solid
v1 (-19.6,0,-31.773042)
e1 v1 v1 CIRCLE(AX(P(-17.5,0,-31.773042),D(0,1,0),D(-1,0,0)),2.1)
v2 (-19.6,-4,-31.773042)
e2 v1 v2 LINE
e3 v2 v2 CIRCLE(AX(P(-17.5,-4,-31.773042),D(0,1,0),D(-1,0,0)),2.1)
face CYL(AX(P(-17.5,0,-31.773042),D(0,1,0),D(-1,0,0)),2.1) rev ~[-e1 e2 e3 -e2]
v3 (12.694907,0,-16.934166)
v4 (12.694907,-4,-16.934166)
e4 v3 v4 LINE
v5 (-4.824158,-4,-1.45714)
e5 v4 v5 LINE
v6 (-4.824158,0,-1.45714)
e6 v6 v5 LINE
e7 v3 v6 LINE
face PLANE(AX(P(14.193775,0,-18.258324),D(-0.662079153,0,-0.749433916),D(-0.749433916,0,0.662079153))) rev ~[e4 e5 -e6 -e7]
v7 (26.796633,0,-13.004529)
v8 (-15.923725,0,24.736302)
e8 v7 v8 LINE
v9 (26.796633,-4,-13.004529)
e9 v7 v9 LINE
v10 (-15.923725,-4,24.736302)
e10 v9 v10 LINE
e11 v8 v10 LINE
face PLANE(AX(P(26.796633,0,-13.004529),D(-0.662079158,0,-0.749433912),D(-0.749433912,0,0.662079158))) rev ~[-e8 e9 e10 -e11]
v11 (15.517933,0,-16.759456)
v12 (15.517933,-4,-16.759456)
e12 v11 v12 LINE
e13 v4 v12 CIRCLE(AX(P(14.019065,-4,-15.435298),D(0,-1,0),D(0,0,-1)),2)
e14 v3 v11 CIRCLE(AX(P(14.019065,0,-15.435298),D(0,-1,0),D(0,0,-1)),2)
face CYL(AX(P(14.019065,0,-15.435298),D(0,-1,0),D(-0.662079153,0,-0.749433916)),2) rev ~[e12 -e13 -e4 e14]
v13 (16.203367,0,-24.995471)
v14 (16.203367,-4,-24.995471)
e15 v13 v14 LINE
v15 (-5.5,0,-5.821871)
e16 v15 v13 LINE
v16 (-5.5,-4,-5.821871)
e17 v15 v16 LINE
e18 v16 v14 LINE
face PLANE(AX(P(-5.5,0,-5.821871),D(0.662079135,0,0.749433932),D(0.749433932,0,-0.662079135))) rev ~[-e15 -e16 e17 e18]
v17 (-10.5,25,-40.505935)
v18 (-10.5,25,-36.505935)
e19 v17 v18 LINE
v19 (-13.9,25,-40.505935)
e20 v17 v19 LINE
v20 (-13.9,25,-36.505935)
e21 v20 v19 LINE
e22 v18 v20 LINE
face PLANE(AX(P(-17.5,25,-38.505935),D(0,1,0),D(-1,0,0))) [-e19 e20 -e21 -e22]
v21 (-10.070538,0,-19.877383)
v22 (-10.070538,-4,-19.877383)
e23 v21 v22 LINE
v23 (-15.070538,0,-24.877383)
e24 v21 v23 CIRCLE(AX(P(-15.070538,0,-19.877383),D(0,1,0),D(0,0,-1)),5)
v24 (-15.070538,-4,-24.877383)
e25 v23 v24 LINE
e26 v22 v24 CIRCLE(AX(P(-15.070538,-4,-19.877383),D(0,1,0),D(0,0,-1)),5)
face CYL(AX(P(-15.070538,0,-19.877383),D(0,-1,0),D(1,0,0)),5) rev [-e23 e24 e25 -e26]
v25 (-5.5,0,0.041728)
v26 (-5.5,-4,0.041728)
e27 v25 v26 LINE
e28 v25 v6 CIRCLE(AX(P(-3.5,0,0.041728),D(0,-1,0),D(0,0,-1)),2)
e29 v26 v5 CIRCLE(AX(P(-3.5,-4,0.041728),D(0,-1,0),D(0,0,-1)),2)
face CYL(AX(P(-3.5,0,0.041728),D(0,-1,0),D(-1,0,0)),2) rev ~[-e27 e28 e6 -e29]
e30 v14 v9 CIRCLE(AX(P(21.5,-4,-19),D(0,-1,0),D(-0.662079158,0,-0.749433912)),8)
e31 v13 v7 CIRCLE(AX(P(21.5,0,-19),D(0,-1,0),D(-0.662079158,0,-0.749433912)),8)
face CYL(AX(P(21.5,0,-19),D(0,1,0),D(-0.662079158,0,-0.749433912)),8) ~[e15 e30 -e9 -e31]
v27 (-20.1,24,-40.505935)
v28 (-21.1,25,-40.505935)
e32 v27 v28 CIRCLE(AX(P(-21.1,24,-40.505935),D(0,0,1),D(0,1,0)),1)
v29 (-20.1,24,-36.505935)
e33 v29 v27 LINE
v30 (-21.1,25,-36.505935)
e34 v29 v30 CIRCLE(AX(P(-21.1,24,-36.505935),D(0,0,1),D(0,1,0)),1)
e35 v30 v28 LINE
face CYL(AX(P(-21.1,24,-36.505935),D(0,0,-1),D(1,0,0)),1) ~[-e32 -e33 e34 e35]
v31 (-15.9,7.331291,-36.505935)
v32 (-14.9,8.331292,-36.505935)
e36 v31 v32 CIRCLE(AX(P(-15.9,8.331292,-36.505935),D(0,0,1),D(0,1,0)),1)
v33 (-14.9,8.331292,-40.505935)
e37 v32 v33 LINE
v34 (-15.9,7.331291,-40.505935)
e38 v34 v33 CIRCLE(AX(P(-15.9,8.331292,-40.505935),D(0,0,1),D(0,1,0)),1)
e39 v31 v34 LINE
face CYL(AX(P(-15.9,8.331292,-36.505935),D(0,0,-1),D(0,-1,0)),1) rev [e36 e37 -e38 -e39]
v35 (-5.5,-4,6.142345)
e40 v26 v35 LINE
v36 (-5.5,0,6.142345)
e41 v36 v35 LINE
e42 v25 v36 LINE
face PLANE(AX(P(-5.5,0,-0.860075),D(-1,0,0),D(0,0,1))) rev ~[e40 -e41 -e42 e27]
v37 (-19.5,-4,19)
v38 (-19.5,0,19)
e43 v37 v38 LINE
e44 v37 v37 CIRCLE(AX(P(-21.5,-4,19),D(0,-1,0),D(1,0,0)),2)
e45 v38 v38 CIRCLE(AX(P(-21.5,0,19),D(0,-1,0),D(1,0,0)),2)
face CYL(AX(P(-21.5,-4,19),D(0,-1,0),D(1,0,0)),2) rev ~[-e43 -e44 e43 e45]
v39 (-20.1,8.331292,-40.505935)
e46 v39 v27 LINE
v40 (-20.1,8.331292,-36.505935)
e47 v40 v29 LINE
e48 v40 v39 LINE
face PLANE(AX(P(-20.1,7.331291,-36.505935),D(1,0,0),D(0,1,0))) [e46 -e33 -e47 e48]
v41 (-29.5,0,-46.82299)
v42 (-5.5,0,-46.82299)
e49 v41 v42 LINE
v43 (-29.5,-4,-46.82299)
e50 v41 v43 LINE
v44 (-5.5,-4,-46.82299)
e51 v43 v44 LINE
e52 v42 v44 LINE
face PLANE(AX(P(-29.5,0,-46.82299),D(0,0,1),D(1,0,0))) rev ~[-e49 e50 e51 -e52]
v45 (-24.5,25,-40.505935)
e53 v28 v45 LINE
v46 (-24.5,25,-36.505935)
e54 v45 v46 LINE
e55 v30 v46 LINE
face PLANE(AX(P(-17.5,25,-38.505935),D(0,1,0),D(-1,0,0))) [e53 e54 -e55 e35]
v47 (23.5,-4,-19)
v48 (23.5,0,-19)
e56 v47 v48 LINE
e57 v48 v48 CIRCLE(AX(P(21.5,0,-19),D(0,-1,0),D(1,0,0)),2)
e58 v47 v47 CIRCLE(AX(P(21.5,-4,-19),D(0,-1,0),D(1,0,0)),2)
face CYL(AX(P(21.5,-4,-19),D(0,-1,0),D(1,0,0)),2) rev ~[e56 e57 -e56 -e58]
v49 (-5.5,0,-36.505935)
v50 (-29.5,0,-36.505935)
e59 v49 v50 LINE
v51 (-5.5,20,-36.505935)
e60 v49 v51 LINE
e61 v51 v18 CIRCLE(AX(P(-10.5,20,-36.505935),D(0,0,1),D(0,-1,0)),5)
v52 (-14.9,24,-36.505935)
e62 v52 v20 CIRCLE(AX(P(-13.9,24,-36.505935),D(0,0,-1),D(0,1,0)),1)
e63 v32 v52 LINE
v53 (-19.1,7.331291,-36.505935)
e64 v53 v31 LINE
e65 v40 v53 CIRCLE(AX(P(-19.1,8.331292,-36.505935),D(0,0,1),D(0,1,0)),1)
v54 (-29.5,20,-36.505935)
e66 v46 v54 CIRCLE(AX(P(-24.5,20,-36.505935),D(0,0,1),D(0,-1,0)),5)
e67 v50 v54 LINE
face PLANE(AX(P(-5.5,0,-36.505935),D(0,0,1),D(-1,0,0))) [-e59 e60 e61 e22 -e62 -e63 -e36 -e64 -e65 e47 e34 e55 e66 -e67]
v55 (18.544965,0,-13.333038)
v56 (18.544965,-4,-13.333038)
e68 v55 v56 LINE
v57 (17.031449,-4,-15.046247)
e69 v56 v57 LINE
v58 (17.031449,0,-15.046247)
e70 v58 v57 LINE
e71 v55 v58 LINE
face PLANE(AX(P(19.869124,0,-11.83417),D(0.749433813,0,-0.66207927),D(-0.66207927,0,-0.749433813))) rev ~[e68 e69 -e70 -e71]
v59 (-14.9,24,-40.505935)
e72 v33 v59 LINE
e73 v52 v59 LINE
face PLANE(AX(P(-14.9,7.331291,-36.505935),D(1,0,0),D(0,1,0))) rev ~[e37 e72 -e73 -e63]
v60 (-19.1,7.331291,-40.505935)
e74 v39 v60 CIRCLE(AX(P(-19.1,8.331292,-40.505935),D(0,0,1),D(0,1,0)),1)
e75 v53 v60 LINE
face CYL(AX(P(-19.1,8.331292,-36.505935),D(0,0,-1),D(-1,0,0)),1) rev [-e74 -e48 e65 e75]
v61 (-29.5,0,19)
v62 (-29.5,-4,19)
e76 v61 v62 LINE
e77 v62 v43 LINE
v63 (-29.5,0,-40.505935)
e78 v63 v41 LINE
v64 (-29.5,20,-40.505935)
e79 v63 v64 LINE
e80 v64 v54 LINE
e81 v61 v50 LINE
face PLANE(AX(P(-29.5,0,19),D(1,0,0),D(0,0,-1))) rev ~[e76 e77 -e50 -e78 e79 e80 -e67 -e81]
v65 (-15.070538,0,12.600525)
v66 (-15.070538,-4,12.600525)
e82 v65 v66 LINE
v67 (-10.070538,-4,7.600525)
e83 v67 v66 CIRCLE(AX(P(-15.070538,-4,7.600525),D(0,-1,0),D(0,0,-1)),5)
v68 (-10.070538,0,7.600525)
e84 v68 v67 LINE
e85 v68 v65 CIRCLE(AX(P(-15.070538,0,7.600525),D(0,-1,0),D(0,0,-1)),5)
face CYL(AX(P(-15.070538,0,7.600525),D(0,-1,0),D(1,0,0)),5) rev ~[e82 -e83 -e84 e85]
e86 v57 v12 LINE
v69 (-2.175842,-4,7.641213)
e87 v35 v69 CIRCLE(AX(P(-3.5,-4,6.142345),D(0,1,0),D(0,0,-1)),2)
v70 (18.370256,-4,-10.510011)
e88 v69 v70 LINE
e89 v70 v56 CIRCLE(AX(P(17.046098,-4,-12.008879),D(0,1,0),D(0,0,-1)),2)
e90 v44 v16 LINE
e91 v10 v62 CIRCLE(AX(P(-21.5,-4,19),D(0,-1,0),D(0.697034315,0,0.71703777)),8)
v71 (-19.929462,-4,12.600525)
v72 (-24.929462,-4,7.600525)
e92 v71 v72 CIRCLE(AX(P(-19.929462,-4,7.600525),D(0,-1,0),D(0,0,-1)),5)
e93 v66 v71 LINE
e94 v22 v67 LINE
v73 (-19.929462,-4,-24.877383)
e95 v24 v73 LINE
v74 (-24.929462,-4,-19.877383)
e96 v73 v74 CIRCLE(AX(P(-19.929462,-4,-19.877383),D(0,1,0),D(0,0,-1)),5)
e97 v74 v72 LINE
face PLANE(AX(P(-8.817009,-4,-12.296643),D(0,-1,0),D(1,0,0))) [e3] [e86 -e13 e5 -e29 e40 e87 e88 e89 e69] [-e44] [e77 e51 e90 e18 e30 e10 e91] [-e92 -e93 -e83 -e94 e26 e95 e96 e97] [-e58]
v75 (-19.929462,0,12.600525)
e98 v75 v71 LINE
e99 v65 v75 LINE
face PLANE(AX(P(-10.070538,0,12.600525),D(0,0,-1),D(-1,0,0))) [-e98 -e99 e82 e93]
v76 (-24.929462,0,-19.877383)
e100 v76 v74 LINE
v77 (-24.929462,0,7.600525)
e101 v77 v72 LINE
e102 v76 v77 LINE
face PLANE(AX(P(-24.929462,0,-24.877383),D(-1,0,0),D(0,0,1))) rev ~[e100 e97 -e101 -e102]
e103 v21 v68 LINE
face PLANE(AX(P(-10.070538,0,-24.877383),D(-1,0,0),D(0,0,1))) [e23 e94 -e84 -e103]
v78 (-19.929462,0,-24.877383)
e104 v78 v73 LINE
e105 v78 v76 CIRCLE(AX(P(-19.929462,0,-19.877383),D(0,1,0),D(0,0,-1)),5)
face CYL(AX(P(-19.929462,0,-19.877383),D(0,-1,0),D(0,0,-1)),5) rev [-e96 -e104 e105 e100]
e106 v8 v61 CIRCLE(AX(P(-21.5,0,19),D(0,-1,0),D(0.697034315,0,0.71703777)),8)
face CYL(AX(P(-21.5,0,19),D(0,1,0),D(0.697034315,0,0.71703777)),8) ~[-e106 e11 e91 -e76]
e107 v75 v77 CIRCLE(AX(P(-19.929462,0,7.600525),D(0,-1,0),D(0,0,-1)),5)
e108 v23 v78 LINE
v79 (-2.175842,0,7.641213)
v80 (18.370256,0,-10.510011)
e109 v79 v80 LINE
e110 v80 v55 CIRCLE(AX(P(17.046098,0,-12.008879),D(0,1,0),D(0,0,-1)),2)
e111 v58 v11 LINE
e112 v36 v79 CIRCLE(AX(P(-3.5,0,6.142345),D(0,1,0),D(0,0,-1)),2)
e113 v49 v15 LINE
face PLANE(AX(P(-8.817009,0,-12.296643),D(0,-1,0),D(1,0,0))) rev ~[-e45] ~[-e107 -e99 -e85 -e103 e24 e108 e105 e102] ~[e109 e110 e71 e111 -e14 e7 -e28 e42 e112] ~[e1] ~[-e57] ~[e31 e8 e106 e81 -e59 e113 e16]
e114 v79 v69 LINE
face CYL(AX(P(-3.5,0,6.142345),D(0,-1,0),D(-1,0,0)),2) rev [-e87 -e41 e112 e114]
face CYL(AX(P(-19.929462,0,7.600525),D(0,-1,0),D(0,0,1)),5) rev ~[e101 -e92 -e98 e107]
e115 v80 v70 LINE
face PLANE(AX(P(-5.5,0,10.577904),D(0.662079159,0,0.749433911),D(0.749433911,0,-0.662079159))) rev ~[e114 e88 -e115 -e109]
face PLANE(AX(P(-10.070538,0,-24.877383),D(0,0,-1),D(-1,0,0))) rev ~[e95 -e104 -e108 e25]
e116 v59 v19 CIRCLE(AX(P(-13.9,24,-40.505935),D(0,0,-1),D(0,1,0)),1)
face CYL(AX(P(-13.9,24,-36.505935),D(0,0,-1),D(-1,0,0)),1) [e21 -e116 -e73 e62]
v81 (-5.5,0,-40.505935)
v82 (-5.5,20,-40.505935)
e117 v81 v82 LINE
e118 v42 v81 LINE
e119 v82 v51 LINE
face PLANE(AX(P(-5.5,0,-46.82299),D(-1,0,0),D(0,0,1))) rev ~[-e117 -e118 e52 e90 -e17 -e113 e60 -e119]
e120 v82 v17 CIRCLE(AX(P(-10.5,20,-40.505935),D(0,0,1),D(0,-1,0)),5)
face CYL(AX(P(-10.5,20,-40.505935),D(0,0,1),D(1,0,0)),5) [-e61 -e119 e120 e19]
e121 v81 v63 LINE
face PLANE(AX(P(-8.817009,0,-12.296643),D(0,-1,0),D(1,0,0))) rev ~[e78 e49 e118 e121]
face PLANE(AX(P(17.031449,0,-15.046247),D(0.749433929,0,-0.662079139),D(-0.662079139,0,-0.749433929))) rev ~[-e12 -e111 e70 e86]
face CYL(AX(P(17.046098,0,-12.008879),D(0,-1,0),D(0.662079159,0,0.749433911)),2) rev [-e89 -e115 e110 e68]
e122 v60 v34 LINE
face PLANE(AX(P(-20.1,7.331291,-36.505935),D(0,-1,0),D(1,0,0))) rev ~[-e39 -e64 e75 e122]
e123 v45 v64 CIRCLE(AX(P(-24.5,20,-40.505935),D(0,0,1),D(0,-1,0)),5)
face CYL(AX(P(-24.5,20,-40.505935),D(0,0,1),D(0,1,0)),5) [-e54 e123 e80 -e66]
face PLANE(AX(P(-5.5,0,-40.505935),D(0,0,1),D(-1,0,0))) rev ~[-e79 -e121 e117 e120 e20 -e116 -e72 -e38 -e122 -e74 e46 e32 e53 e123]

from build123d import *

# Parameters (mm, degrees)
F1_DEPTH  = 4
F2_R      = 2
F3_DEPTH  = 25
F4_W      = 24
F4_H      = 4
F5_DEPTH  = 25
F6_W      = 5.2
F6_H      = 17.668709
F7_DEPTH  = 25
F8_R      = 1
F9_R      = 1
F10_R     = 5
F11_W     = 14.858924
F11_H     = 37.477908
F12_DEPTH = 4
F13_DEPTH = 25
F14_R     = 2.1
F15_DEPTH = 4
F16_R     = 5
F17_R     = 2


with BuildPart() as f1:
    # F0 (on Front) → F1 (new body)
    with BuildSketch(Plane.XZ):
        with BuildLine():
            Line((26.796633, -13.004529), (-15.923725, 24.736302))
            ThreePointArc((-15.923725, 24.736302), (-24.613664, 26.369199), (-29.5, 19))
            Line((-29.5, 19), (-29.5, -46.82299))
            Line((-29.5, -46.82299), (-5.5, -46.82299))
            Line((-5.5, -46.82299), (-5.5, -5.821871))
            Line((-5.5, -5.821871), (16.203367, -24.995471))
            Line((16.203367, -24.995471), (26.796633, -13.004529))
        make_face()
        with BuildLine():
            ThreePointArc((16.203367, -24.995471), (27.495471, -24.296633), (26.796633, -13.004529))
            Line((26.796633, -13.004529), (16.203367, -24.995471))
        make_face()
    extrude(amount=F1_DEPTH)

    # F2 (on face) → F3 (cut)
    with BuildSketch(Plane.XZ.offset(4)):
        with Locations((-21.5, 19)):
            Circle(F2_R)
        with Locations((21.5, -19)):
            Circle(F2_R)
    extrude(amount=-F3_DEPTH, mode=Mode.SUBTRACT)

    # F4 (on face) → F5 (join)
    with BuildSketch(Plane(origin=(0, 0, 0), x_dir=(-1, 0, 0), z_dir=(0, 1, 0))):
        with Locations((17.5, -38.505935)):
            Rectangle(F4_W, F4_H)
    extrude(amount=F5_DEPTH)

    # F6 (on face) → F7 (cut)
    with BuildSketch(Plane.XY.offset(-36.505935)):
        with Locations((-17.5, 16.165646)):
            Rectangle(F6_W, F6_H)
    extrude(amount=-F7_DEPTH, mode=Mode.SUBTRACT)

    # F8
    f8_edges = [f1.edges().sort_by_distance(p)[0] for p in [
        (-20.1, 7.331291, -38.505935),
    ]]
    fillet(f8_edges, radius=F8_R)

    # F9
    f9_edges = [f1.edges().sort_by_distance(p)[0] for p in [
        (-14.9, 7.331291, -38.505935),
        (-14.9, 25, -38.505935),
        (-20.1, 25, -38.505935),
    ]]
    fillet(f9_edges, radius=F9_R)

    # F10
    f10_edges = [f1.edges().sort_by_distance(p)[0] for p in [
        (-5.5, 25, -38.505935),
        (-29.5, 25, -38.505935),
    ]]
    fillet(f10_edges, radius=F10_R)

    # F11 (on face) → F12 (cut, through all)
    with BuildSketch(Plane(origin=(0, 0, 0), x_dir=(-1, 0, 0), z_dir=(0, 1, 0))):
        with Locations((17.5, -6.138429)):
            Rectangle(F11_W, F11_H)
        Polygon((5.5, 10.577904), (-19.869124, -11.83417), (-17.031449, -15.046247), (5.5, 4.858914), align=None)
        Polygon((5.5, 4.858914), (-17.031449, -15.046247), (-14.193775, -18.258324), (5.5, -0.860075), align=None)
    extrude(amount=-F12_DEPTH, mode=Mode.SUBTRACT)

    # F11 (on face) → F13 (cut)
    with BuildSketch(Plane(origin=(0, 0, 0), x_dir=(-1, 0, 0), z_dir=(0, 1, 0))):
        with Locations((17.5, -6.138429)):
            Rectangle(F11_W, F11_H)
        Polygon((5.5, 10.577904), (-19.869124, -11.83417), (-17.031449, -15.046247), (5.5, 4.858914), align=None)
        Polygon((5.5, 4.858914), (-17.031449, -15.046247), (-14.193775, -18.258324), (5.5, -0.860075), align=None)
    extrude(amount=-F13_DEPTH, mode=Mode.SUBTRACT)

    # F14 (on face) → F15 (cut, through all)
    with BuildSketch(Plane(origin=(0, 0, 0), x_dir=(-1, 0, 0), z_dir=(0, 1, 0))):
        with Locations((17.5, -31.773042)):
            Circle(F14_R)
    extrude(amount=-F15_DEPTH, mode=Mode.SUBTRACT)

    # F16
    f16_edges = [f1.edges().sort_by_distance(p)[0] for p in [
        (-24.929462, -2, 12.600525),
        (-10.070538, -2, 12.600525),
        (-10.070538, -2, -24.877383),
        (-24.929462, -2, -24.877383),
    ]]
    fillet(f16_edges, radius=F16_R)

    # F17
    f17_edges = [f1.edges().sort_by_distance(p)[0] for p in [
        (14.193775, -2, -18.258324),
        (19.869124, -2, -11.83417),
        (-5.5, -2, -0.860075),
        (-5.5, -2, 10.577904),
    ]]
    fillet(f17_edges, radius=F17_R)


solid = f1.part
